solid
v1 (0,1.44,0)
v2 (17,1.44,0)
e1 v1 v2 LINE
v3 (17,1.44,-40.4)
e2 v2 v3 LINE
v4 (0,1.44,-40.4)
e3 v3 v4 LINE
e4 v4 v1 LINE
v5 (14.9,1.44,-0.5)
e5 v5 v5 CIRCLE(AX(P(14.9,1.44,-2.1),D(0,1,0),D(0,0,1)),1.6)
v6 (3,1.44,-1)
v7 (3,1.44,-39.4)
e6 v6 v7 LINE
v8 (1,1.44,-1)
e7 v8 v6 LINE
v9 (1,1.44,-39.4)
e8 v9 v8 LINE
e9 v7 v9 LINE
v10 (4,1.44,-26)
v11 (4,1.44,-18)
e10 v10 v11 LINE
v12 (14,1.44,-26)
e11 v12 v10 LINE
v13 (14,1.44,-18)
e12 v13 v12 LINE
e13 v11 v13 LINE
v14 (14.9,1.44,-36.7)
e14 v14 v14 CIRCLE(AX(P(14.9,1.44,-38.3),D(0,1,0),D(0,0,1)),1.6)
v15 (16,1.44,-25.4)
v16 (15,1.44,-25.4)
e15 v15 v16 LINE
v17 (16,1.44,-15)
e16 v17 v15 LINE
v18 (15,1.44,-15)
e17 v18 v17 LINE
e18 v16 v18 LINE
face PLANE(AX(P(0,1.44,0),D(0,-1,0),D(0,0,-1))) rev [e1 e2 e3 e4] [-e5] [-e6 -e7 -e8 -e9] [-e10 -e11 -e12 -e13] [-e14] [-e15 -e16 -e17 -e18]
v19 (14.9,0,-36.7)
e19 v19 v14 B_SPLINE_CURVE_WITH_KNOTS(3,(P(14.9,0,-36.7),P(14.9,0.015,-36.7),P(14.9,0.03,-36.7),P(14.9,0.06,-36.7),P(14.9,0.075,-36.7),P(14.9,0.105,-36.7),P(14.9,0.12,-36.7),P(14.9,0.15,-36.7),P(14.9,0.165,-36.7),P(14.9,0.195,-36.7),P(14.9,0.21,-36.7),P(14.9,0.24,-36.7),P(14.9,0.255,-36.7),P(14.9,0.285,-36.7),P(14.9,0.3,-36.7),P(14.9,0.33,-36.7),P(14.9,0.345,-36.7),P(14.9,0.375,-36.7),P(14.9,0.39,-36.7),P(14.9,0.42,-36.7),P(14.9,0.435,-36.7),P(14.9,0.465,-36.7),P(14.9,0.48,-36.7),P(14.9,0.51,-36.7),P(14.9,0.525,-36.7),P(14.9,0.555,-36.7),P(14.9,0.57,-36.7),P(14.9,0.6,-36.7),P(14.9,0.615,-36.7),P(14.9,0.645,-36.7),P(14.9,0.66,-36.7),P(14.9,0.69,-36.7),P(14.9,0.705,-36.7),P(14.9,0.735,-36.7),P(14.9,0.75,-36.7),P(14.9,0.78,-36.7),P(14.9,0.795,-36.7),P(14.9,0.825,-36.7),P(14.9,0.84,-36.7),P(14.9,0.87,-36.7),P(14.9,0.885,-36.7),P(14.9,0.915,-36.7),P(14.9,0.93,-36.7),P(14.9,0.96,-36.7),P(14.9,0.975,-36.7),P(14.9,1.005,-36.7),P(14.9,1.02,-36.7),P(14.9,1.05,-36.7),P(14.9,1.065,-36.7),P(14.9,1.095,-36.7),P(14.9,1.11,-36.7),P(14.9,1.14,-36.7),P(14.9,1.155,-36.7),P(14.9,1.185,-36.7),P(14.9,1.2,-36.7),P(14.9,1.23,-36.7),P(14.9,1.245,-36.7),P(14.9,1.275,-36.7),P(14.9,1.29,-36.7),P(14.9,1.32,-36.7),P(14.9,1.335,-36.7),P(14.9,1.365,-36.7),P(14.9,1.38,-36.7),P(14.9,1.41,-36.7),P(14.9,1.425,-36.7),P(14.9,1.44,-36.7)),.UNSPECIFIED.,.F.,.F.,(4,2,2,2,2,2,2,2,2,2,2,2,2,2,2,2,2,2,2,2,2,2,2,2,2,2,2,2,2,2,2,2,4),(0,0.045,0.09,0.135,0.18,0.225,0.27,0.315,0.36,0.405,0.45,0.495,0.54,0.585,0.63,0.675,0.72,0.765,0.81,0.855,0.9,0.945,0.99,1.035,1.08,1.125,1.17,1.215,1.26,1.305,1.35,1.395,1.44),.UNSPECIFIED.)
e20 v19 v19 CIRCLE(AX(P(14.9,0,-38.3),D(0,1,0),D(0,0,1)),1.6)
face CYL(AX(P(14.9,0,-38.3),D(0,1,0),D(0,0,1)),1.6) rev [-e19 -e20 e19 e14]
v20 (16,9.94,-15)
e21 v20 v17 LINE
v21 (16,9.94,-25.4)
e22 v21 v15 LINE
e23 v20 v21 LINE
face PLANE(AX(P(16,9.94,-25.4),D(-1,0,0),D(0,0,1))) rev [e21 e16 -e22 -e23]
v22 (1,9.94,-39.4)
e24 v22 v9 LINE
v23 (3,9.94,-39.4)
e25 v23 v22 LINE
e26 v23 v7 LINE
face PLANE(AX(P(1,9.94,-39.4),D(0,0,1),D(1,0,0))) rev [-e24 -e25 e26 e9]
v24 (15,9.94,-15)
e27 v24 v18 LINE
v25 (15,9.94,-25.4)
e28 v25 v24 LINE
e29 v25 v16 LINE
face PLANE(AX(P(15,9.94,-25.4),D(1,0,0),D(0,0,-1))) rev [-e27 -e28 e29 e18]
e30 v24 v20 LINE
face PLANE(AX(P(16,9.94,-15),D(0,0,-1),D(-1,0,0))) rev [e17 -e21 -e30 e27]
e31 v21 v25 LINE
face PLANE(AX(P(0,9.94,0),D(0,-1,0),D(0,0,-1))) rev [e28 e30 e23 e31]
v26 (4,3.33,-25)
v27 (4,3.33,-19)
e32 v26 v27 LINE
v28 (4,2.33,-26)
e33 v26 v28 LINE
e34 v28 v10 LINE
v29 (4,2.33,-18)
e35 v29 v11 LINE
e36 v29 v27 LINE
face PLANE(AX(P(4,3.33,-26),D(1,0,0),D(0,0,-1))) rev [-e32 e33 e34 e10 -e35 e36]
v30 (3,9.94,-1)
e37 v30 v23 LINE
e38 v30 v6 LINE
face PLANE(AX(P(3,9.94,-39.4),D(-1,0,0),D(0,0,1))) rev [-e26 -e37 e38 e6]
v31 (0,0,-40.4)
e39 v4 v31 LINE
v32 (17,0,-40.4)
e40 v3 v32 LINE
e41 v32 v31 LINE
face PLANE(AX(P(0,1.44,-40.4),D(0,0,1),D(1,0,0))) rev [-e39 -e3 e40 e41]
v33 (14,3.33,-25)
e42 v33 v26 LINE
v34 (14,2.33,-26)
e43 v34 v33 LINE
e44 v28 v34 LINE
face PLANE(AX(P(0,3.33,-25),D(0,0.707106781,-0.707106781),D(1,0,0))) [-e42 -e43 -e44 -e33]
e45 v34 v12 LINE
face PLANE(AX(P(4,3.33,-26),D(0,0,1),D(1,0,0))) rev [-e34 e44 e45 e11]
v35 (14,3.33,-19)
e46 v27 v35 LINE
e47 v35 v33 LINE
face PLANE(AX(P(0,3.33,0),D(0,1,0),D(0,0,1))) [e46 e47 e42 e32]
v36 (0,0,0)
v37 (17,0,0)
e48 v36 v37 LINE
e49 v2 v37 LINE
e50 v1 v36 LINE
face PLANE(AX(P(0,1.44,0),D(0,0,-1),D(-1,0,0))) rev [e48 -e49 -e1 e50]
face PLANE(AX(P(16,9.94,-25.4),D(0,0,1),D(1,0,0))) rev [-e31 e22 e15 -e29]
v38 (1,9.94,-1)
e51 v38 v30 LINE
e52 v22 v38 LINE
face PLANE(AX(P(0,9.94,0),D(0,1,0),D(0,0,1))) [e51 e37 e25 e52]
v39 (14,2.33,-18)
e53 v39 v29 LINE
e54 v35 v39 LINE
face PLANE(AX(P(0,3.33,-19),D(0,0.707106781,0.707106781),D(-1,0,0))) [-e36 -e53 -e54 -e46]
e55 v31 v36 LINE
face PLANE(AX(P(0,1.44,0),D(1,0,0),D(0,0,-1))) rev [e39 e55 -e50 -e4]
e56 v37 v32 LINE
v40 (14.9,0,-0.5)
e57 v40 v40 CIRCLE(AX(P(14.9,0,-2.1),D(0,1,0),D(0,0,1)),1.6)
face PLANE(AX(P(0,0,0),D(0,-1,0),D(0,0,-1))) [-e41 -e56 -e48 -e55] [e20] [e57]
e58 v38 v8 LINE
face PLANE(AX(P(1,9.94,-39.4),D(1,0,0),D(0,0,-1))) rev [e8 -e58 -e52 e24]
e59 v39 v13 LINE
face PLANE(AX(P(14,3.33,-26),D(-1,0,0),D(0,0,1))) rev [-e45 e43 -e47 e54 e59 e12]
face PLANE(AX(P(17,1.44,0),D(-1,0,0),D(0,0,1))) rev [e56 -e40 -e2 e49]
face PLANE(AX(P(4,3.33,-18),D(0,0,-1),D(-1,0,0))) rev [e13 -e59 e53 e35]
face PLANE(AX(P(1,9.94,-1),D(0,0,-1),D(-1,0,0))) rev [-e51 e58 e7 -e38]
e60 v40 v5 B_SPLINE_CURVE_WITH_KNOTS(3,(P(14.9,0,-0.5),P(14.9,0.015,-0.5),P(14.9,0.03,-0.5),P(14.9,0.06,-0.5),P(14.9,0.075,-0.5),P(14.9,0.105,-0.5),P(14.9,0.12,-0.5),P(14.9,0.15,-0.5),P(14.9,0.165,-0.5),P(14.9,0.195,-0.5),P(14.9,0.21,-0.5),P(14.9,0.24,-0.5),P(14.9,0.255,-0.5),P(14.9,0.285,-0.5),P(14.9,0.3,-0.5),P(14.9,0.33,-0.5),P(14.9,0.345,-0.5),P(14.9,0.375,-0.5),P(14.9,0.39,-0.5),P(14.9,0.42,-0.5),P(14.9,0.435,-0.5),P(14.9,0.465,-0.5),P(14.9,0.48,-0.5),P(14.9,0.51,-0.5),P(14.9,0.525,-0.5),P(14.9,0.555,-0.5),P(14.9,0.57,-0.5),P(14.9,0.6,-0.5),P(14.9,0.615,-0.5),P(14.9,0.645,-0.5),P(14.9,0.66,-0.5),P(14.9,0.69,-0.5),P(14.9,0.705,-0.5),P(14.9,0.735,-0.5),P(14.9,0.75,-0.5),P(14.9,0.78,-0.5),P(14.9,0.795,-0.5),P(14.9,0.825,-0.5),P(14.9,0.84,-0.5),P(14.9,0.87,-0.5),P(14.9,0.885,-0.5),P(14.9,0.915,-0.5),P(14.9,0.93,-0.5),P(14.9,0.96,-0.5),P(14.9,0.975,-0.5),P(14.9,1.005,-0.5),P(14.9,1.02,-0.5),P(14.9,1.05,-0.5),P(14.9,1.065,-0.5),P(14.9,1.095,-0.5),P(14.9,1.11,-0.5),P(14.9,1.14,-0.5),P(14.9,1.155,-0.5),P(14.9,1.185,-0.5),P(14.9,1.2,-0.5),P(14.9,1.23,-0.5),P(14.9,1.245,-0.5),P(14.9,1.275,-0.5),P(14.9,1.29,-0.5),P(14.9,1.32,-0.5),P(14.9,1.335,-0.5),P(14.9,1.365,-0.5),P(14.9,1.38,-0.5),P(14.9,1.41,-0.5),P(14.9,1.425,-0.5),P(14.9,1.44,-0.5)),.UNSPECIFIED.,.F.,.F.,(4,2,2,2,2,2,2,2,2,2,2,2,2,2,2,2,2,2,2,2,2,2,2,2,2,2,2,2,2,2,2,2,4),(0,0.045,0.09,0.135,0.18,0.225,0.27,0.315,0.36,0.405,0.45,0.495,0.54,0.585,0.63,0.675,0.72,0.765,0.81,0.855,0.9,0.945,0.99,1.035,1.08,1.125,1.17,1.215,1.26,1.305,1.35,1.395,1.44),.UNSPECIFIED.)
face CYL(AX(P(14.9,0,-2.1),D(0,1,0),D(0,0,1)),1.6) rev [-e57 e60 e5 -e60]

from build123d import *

# Parameters (mm, degrees)
SKETCH1_W           = 17
SKETCH1_H           = 40.4
BOSS_EXTRUDE1_DEPTH = 1.44
SKETCH2_R           = 1.6
CUT_EXTRUDE1_DEPTH  = 1.44
SKETCH3_W           = 10
SKETCH3_H           = 8
BOSS_EXTRUDE2_DEPTH = 1.89
CHAMFER1_SIZE       = 1
SKETCH4_W           = 2
SKETCH4_H           = 38.4
SKETCH4_W_2         = 1
SKETCH4_H_2         = 10.4
BOSS_EXTRUDE3_DEPTH = 8.5


with BuildPart() as part:
    # Sketch1 → Boss-Extrude1 (new body)
    with BuildSketch(Plane(origin=(0, 0, 0), x_dir=(1, 0, 0), z_dir=(0, 1, 0))):
        with Locations((8.5, 20.2)):
            Rectangle(SKETCH1_W, SKETCH1_H)
    extrude(amount=BOSS_EXTRUDE1_DEPTH)

    # Sketch2 → Cut-Extrude1 (cut)
    with BuildSketch(Plane(origin=(0, 1.44, 0), x_dir=(1, 0, 0), z_dir=(0, 1, 0))):
        with Locations(Location((14.9, 38.3, 0), (0, 0, 270))):
            Circle(SKETCH2_R)
        with Locations(Location((14.9, 2.1, 0), (0, 0, 270))):
            Circle(SKETCH2_R)
    extrude(amount=-CUT_EXTRUDE1_DEPTH, mode=Mode.SUBTRACT)

    # Sketch3 → Boss-Extrude2 (add)
    with BuildSketch(Plane(origin=(0, 1.44, 0), x_dir=(1, 0, 0), z_dir=(0, 1, 0))):
        with Locations((9, 22)):
            Rectangle(SKETCH3_W, SKETCH3_H)
    extrude(amount=BOSS_EXTRUDE2_DEPTH)

    # Chamfer1
    chamfer1_edges = [part.edges().sort_by_distance(p)[0] for p in [
        (9, 3.33, -18),
        (9, 3.33, -26),
    ]]
    chamfer(chamfer1_edges, length=CHAMFER1_SIZE)

    # Sketch4 → Boss-Extrude3 (add)
    with BuildSketch(Plane(origin=(0, 1.44, 0), x_dir=(1, 0, 0), z_dir=(0, 1, 0))):
        with Locations((2, 20.2)):
            Rectangle(SKETCH4_W, SKETCH4_H)
        with Locations((15.5, 20.2)):
            Rectangle(SKETCH4_W_2, SKETCH4_H_2)
    extrude(amount=BOSS_EXTRUDE3_DEPTH)


solid = part.part
